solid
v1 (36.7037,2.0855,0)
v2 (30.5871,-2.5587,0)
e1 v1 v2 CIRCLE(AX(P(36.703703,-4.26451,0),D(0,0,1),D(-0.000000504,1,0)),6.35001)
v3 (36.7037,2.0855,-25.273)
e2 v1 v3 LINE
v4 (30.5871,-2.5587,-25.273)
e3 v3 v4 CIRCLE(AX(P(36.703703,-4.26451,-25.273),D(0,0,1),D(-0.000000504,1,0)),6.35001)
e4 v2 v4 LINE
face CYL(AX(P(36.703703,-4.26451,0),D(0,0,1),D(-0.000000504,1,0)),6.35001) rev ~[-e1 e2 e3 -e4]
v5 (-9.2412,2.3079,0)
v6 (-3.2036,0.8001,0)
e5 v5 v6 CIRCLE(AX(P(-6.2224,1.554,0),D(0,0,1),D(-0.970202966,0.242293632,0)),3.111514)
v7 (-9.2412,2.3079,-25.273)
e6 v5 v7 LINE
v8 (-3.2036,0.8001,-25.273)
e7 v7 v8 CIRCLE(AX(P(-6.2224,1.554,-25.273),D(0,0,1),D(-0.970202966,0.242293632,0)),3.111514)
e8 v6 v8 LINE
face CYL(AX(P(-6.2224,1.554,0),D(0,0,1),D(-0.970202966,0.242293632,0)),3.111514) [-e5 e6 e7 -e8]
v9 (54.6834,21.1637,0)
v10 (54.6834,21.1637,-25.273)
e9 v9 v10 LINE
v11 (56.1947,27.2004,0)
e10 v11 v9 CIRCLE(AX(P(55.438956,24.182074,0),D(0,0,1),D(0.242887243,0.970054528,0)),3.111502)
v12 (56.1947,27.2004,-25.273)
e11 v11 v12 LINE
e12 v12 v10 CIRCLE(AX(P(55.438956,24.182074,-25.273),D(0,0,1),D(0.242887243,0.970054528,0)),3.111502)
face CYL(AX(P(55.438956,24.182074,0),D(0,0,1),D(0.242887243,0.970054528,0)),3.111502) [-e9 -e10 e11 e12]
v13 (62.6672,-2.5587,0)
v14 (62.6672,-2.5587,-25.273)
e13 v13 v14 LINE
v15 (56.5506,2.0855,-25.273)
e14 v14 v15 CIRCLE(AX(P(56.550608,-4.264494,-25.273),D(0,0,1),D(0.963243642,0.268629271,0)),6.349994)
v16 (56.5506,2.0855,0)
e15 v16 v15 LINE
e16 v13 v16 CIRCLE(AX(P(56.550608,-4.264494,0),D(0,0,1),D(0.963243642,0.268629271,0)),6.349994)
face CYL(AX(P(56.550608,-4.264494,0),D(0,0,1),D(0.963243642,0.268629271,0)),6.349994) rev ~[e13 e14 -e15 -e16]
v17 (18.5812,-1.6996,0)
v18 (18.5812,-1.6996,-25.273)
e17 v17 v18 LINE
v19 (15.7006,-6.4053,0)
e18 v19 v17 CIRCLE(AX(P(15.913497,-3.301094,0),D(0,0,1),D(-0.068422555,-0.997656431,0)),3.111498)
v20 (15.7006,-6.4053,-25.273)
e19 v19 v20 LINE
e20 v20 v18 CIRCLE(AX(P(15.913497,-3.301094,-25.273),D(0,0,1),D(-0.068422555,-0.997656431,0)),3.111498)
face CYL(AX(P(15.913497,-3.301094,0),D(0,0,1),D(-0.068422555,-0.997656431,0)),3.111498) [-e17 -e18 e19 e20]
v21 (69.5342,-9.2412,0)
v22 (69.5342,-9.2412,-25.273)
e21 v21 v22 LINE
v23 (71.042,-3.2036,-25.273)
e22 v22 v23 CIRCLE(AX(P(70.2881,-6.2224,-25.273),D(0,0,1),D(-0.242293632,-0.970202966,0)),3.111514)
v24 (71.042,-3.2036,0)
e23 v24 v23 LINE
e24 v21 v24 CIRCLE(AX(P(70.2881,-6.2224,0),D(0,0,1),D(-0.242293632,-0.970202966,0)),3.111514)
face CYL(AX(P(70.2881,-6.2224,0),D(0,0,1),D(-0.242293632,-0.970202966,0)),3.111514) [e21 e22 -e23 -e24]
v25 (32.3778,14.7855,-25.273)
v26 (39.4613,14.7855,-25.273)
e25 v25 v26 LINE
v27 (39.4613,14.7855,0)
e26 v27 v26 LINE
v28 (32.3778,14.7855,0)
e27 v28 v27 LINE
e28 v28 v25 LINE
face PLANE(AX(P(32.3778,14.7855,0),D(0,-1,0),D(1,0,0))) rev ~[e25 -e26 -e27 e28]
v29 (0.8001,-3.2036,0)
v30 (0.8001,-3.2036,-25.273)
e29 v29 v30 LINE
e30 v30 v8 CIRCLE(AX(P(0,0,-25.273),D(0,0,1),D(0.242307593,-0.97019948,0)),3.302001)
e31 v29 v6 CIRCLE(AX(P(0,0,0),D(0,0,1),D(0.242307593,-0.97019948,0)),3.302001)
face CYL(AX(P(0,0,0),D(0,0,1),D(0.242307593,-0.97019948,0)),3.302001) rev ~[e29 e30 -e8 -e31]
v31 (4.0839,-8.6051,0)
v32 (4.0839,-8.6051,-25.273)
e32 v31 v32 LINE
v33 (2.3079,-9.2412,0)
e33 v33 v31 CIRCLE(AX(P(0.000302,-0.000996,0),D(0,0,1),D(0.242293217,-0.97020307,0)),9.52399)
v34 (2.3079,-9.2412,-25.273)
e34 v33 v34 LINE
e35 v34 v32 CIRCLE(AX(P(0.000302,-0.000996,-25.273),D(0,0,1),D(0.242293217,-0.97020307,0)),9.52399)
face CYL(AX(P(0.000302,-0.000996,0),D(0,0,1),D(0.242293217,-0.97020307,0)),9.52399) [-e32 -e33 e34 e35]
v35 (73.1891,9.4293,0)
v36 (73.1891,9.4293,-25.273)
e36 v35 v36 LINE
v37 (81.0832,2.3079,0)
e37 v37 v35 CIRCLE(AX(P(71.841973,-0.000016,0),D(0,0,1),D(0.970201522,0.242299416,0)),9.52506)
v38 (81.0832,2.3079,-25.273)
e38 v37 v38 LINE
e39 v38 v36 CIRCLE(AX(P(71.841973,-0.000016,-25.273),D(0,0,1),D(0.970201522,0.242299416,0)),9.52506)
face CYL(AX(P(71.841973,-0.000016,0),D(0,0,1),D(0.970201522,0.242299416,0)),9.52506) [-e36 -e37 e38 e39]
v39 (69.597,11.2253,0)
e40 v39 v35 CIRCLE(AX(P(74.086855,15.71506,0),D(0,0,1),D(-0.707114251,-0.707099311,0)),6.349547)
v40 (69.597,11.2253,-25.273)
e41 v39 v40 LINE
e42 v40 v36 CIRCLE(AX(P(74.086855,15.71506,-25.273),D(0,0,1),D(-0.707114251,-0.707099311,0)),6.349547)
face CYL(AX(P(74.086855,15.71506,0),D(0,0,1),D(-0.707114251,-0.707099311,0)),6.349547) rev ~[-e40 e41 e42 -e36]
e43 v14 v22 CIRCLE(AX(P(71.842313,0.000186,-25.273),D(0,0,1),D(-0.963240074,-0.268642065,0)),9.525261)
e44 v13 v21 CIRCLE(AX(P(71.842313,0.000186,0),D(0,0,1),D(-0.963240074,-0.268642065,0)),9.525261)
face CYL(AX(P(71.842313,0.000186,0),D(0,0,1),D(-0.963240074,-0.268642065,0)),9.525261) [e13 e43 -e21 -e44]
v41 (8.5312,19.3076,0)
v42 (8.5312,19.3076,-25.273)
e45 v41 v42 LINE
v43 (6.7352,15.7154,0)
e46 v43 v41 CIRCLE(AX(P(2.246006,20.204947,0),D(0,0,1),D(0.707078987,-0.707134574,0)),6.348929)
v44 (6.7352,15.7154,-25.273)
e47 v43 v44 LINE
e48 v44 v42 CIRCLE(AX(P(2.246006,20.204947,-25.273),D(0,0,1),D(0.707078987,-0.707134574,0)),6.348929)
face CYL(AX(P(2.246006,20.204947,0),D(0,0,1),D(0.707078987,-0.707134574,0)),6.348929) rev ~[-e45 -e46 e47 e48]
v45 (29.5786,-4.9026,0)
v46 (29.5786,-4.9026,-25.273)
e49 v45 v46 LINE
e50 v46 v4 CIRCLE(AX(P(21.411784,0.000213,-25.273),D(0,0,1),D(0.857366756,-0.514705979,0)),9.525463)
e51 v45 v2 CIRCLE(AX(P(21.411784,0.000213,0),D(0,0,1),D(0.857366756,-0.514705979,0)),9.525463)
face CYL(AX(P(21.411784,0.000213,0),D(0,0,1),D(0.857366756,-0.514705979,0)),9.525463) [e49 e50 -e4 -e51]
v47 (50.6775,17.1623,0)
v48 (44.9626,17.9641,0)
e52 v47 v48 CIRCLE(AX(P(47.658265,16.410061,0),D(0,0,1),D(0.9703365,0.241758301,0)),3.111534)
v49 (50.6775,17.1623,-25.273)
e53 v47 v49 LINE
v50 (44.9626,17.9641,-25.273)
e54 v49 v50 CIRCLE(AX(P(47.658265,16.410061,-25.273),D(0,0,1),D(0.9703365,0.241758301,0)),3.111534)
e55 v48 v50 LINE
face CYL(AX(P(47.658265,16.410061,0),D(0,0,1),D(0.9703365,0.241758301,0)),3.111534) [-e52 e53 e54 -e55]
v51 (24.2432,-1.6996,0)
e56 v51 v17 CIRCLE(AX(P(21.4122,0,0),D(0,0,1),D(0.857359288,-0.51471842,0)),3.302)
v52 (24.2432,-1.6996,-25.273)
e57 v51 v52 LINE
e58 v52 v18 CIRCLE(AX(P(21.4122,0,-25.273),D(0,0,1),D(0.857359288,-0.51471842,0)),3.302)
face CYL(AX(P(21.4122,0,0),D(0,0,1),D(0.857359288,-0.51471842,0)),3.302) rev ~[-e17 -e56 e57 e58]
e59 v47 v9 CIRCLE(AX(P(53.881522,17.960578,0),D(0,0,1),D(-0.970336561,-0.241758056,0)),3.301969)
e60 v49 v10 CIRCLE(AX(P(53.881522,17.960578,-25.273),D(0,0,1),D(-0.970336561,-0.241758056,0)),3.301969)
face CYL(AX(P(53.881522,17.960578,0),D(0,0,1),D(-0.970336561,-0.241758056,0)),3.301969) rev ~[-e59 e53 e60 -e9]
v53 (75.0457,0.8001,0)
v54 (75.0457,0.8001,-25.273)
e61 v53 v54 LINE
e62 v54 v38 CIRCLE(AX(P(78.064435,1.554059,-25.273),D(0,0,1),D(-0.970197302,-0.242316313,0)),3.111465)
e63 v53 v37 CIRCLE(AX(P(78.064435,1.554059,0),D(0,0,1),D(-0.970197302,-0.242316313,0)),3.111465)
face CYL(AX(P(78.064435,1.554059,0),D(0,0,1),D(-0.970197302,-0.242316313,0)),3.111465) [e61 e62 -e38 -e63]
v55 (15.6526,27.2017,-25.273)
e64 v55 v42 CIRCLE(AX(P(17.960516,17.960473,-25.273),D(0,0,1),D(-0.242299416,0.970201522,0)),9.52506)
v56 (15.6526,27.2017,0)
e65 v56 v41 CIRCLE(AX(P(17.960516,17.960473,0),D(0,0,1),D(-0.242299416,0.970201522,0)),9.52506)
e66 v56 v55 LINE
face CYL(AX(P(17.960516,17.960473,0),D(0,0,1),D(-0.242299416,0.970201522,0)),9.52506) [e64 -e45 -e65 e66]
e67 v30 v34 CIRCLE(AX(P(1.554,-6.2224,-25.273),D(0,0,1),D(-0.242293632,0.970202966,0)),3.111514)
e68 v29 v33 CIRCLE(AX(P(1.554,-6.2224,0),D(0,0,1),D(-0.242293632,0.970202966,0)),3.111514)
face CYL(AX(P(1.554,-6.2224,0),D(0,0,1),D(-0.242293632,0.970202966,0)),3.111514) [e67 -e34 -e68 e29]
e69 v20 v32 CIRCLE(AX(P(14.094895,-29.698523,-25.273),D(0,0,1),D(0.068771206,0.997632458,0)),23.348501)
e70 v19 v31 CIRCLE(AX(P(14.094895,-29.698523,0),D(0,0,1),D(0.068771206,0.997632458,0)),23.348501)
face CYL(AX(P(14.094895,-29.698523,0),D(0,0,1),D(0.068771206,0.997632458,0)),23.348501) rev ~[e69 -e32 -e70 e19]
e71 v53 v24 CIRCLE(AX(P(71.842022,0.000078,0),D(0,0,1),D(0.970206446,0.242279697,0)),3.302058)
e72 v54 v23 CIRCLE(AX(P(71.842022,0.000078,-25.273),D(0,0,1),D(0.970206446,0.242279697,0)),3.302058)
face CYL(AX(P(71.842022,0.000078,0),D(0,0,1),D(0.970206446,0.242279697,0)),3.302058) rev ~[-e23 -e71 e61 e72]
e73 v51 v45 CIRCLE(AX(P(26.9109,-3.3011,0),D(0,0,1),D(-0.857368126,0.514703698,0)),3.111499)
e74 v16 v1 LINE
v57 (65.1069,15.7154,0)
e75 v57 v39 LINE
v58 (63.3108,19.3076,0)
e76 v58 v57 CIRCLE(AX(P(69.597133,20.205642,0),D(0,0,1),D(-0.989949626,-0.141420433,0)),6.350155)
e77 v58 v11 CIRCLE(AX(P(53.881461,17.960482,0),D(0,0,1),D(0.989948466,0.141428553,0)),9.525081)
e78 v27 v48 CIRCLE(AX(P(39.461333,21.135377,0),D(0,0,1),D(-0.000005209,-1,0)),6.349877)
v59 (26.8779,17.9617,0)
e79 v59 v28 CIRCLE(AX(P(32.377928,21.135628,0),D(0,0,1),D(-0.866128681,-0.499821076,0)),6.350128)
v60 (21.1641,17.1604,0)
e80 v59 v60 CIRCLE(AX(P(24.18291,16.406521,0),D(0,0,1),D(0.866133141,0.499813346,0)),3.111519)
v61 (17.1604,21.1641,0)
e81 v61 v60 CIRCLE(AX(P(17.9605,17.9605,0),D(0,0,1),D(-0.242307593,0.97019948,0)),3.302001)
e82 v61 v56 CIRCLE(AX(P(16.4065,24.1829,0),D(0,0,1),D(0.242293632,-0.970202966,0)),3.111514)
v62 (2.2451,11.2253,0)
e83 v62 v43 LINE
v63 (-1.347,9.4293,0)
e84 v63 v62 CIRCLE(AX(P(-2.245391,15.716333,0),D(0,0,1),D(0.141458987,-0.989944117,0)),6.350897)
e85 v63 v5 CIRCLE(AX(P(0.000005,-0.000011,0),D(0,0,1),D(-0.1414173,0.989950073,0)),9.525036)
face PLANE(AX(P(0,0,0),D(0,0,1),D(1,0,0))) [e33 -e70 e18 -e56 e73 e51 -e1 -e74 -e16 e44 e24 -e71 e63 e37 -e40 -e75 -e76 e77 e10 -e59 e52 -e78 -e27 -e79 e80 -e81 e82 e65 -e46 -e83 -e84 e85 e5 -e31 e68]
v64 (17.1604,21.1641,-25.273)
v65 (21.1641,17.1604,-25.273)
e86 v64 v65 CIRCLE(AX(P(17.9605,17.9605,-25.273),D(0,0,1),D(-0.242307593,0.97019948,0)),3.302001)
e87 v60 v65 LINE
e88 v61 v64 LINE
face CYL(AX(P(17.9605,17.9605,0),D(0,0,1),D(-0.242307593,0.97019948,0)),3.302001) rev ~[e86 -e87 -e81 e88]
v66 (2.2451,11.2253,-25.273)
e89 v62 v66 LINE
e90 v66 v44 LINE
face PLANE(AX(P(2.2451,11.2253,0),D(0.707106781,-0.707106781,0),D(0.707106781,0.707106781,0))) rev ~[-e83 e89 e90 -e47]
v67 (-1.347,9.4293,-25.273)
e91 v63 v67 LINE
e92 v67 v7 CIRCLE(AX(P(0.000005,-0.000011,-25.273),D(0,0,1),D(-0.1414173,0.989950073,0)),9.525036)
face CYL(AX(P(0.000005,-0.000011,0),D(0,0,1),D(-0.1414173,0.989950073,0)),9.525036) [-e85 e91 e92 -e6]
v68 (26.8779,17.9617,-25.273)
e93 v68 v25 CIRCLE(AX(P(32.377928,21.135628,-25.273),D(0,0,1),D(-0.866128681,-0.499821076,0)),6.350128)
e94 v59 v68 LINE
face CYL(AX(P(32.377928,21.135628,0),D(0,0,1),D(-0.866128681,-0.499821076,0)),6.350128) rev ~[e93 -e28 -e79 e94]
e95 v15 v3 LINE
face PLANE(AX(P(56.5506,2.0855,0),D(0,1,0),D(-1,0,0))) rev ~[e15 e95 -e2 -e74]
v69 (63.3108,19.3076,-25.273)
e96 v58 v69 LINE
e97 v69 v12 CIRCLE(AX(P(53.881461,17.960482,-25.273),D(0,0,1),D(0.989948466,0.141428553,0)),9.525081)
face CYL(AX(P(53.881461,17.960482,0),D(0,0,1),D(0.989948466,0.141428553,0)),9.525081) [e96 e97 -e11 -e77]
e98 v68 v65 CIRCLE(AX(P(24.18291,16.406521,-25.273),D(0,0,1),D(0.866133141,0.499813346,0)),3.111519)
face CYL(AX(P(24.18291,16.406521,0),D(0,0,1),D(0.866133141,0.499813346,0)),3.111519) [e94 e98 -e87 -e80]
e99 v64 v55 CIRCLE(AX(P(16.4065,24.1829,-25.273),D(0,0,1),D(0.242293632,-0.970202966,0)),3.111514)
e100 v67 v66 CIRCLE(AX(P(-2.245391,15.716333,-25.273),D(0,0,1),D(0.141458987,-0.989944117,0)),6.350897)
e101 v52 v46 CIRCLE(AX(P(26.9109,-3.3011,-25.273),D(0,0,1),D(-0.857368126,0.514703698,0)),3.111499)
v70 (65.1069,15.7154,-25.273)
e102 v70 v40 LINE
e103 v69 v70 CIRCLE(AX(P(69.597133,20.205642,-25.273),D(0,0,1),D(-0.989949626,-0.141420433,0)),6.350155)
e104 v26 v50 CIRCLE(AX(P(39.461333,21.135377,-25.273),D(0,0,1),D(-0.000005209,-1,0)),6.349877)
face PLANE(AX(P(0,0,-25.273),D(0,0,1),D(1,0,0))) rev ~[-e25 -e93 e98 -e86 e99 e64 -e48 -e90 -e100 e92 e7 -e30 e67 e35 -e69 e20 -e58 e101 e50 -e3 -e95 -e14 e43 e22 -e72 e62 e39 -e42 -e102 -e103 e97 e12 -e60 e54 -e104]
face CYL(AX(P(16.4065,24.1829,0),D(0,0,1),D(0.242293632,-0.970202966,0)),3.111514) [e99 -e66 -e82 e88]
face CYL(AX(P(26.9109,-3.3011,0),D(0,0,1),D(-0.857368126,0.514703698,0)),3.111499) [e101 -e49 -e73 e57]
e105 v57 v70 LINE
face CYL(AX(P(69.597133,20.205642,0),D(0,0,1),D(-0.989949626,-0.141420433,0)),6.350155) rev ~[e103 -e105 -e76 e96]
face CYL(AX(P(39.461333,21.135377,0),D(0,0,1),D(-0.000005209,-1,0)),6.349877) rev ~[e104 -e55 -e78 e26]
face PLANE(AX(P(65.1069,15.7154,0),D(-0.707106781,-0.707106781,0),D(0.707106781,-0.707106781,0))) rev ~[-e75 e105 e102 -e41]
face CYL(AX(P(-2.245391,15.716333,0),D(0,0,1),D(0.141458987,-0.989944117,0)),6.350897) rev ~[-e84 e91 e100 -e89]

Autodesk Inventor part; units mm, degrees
ref_plane "YZ Plane" through (0, 0, 0) normal (1, 0, 0) x (0, 1, 0)
ref_plane "XZ Plane" through (0, 0, 0) normal (0, 1, 0) x (-1, 0, 0)
ref_plane "XY Plane" through (0, 0, 0) normal (0, 0, 1) x (1, 0, 0)
sketch "Sketch1" plane through (0, 0, 0) normal (0, 0, 1) x (1, 0, 0)
  arc A0 (63.3108, 19.3076) -> (65.1069, 15.7154) centre (69.597, 20.2056) ccw
  arc A1 (63.3108, 19.3076) -> (56.1947, 27.2004) centre (53.8815, 17.9605) ccw
  arc A2 (56.1947, 27.2004) -> (54.6834, 21.1637) centre (55.439, 24.182) ccw
  arc A3 (50.6775, 17.1623) -> (54.6834, 21.1637) centre (53.8815, 17.9605) ccw
  arc A4 (50.6775, 17.1623) -> (44.9626, 17.9641) centre (47.6583, 16.4101) ccw
  arc A5 (39.4613, 14.7855) -> (44.9626, 17.9641) centre (39.4613, 21.1355) ccw
  line L0 (32.3778, 14.7855) -> (39.4613, 14.7855)
  arc A6 (26.8779, 17.9617) -> (32.3778, 14.7855) centre (32.3778, 21.1355) ccw
  arc A7 (26.8779, 17.9617) -> (21.1641, 17.1604) centre (24.1829, 16.4065) ccw
  arc A8 (17.1604, 21.1641) -> (21.1641, 17.1604) centre (17.9605, 17.9605) ccw
  arc A9 (17.1604, 21.1641) -> (15.6526, 27.2017) centre (16.4065, 24.1829) ccw
  arc A10 (15.6526, 27.2017) -> (8.5312, 19.3076) centre (17.9605, 17.9605) ccw
  arc A11 (6.7352, 15.7154) -> (8.5312, 19.3076) centre (2.2451, 20.2056) ccw
  line L1 (2.2451, 11.2253) -> (6.7352, 15.7154)
  arc A12 (-1.347, 9.4293) -> (2.2451, 11.2253) centre (-2.2451, 15.7154) ccw
  arc A13 (-1.347, 9.4293) -> (-9.2412, 2.3079) centre (0, 0) ccw
  arc A14 (-9.2412, 2.3079) -> (-3.2036, 0.8001) centre (-6.2224, 1.554) ccw
  arc A15 (0.8001, -3.2036) -> (-3.2036, 0.8001) centre (0, 0) ccw
  arc A16 (0.8001, -3.2036) -> (2.3079, -9.2412) centre (1.554, -6.2224) ccw
  arc A17 (2.3079, -9.2412) -> (4.0839, -8.6051) centre (0, 0) ccw
  arc A18 (15.7006, -6.4053) -> (4.0839, -8.6051) centre (14.0949, -29.6986) ccw
  arc A19 (15.7006, -6.4053) -> (18.5812, -1.6996) centre (15.9135, -3.3011) ccw
  arc A20 (24.2432, -1.6996) -> (18.5812, -1.6996) centre (21.4122, 0) ccw
  arc A21 (24.2432, -1.6996) -> (29.5786, -4.9026) centre (26.9109, -3.3011) ccw
  arc A22 (29.5786, -4.9026) -> (30.5871, -2.5587) centre (21.4122, 0) ccw
  arc A23 (36.7037, 2.0855) -> (30.5871, -2.5587) centre (36.7037, -4.2645) ccw
  line L2 (56.5506, 2.0855) -> (36.7037, 2.0855)
  arc A24 (62.6672, -2.5587) -> (56.5506, 2.0855) centre (56.5506, -4.2645) ccw
  arc A25 (62.6672, -2.5587) -> (69.5342, -9.2412) centre (71.842, 0) ccw
  arc A26 (69.5342, -9.2412) -> (71.042, -3.2036) centre (70.2881, -6.2224) ccw
  arc A27 (75.0457, 0.8001) -> (71.042, -3.2036) centre (71.842, 0) ccw
  arc A28 (75.0457, 0.8001) -> (81.0832, 2.3079) centre (78.0644, 1.554) ccw
  arc A29 (81.0832, 2.3079) -> (73.1891, 9.4293) centre (71.842, 0) ccw
  arc A30 (69.597, 11.2253) -> (73.1891, 9.4293) centre (74.0871, 15.7154) ccw
  line L3 (65.1069, 15.7154) -> (69.597, 11.2253)
extrude "Extrusion1" add sketch "Sketch1" against normal blind 25.273
properties part number "am-0212"
